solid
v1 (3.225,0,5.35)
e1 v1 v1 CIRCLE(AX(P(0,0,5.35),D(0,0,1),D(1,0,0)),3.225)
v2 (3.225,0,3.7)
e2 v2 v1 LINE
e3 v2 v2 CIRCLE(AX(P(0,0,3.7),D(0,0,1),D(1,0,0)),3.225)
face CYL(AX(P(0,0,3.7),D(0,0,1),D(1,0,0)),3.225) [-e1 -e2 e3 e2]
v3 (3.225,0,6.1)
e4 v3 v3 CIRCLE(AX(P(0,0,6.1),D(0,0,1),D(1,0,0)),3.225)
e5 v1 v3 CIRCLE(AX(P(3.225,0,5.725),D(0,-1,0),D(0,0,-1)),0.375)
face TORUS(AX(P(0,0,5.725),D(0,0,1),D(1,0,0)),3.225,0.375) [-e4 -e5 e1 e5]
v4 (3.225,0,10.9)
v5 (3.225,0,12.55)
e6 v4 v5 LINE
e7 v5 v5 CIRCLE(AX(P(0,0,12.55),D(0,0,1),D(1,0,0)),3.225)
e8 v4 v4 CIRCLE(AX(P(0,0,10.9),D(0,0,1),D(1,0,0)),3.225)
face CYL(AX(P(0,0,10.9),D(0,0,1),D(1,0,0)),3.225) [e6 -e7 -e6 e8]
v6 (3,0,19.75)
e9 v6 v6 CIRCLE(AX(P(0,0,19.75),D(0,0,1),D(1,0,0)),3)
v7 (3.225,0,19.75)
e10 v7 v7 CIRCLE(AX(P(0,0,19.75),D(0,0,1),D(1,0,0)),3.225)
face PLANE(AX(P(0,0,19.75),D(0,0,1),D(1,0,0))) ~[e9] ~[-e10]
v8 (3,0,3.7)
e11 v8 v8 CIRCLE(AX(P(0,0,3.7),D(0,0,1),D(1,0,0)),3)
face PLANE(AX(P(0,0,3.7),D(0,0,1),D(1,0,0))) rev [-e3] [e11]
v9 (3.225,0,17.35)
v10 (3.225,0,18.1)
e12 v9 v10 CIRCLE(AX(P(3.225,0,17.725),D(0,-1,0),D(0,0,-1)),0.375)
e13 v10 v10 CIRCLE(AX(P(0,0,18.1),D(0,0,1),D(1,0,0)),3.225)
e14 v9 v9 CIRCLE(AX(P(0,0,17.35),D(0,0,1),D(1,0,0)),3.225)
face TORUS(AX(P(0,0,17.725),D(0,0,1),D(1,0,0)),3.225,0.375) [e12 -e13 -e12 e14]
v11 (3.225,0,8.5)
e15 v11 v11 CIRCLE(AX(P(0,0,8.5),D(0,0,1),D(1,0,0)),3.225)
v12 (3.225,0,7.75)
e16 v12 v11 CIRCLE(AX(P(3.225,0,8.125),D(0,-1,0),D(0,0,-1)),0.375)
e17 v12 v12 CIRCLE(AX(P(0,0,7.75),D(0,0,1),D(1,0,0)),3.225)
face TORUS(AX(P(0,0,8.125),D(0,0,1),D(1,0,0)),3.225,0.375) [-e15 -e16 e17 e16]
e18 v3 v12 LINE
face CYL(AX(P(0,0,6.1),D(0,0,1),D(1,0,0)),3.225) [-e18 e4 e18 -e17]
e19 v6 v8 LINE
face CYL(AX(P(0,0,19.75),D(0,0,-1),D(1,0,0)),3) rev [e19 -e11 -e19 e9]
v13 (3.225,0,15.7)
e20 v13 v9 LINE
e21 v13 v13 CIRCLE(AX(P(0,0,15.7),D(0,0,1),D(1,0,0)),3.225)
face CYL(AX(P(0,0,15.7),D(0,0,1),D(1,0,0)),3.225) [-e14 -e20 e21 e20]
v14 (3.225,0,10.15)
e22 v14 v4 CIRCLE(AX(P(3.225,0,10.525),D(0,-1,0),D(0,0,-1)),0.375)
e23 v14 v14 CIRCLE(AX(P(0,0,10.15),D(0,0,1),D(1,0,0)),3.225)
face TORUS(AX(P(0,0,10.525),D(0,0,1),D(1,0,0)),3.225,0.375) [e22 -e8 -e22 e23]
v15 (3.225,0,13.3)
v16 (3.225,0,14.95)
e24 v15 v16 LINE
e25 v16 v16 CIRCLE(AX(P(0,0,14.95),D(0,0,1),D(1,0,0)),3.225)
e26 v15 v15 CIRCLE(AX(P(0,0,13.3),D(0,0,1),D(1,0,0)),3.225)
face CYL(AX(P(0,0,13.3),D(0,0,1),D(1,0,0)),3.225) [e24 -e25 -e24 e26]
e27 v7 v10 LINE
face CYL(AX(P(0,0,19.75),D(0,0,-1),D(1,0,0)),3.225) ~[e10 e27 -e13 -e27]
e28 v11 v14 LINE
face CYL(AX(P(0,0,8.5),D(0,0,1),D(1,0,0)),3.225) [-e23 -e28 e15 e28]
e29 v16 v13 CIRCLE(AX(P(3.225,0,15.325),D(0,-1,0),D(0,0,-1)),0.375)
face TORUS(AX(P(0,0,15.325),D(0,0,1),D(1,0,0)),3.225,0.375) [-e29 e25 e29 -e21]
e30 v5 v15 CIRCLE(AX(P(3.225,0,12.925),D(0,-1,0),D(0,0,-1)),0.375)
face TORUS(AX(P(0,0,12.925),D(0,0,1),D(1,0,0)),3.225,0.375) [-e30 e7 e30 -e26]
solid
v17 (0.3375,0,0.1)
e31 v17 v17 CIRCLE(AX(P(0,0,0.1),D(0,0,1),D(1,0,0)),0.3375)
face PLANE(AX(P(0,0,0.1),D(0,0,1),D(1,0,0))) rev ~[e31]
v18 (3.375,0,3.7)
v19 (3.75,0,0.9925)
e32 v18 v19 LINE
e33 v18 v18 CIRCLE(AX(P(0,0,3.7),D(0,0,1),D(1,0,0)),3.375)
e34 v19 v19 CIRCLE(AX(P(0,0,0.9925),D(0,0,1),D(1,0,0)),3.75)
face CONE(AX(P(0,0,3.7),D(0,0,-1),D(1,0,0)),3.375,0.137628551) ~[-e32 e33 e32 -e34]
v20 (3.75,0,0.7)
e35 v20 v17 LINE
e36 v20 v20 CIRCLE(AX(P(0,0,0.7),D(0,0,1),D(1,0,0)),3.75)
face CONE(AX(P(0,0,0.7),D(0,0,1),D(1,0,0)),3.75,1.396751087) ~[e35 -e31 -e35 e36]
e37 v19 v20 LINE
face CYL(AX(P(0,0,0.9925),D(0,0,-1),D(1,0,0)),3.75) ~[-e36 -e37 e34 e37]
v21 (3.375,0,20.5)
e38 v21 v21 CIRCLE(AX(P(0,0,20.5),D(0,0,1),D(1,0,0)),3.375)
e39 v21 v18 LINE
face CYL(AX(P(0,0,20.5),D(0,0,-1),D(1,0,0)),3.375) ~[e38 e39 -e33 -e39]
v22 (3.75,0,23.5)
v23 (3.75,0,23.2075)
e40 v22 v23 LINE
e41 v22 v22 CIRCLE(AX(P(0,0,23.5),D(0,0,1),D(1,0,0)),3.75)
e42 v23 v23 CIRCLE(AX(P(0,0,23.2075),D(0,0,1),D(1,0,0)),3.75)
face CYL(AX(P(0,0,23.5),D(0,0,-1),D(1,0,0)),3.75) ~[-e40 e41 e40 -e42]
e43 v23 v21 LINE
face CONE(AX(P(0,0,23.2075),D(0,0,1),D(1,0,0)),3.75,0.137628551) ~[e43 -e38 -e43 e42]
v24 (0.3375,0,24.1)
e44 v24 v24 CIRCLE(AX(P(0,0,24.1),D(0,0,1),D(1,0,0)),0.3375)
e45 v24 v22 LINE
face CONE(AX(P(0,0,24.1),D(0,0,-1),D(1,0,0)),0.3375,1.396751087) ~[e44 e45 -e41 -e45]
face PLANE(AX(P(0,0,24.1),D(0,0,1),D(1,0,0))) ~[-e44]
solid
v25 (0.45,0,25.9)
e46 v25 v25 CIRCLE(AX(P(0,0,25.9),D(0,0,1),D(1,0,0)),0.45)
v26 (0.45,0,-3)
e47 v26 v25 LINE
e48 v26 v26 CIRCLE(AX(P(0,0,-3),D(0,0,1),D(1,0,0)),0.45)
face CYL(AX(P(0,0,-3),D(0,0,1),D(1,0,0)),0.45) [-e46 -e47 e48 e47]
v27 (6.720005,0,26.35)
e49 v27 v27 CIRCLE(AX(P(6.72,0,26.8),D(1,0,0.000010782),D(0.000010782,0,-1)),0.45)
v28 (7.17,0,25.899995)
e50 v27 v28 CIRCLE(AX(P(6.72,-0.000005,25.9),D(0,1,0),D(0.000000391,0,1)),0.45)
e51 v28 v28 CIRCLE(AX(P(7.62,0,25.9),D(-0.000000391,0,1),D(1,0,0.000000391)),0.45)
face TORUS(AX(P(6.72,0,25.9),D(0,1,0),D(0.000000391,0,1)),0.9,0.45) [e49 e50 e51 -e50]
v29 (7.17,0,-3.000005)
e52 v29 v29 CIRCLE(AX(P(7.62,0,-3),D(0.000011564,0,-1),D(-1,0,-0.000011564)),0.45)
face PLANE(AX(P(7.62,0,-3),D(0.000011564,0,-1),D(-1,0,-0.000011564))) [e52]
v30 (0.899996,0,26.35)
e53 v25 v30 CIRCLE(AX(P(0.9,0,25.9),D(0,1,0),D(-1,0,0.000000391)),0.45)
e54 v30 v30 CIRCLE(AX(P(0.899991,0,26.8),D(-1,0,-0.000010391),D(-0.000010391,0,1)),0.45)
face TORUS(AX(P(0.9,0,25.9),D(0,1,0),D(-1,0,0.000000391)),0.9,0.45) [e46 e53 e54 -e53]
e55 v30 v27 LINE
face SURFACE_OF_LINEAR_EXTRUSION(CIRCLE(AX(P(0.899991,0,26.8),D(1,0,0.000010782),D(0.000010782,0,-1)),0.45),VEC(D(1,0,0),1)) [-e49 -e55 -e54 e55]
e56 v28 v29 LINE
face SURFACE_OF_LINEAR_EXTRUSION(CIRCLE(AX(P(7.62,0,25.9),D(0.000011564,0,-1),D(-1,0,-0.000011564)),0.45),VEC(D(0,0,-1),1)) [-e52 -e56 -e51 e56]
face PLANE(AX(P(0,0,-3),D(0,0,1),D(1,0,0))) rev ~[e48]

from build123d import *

# Parameters (mm, degrees)
SKETCH_R = 0.45


with BuildPart() as sweep_body:
    # Sweep: sweep along a path in Sketch001
    with BuildLine(Plane.XZ) as sweep_path:
        Line((0, -3), (0, 25.9))
        ThreePointArc((0, 25.9), (0.263601, 26.536393), (0.899991, 26.8))
        Line((0.899991, 26.8), (6.72, 26.8))
        ThreePointArc((6.72, 26.8), (7.356396, 26.536396), (7.62, 25.9))
        Line((7.62, 25.9), (7.62, -3))
    # Sketch → Sweep (sweep)
    with BuildSketch(Plane.XY.offset(-2)):
        Circle(SKETCH_R)
    sweep(path=sweep_path.line)


with BuildPart() as revolution:
    # Sketch002 → Revolution (revolve)
    with BuildSketch(Plane.XZ):
        Polygon((0, 0.1), (0, 24.1), (0.3375, 24.1), (3.75, 23.5), (3.75, 23.2075), (3.375, 20.5), (3.375, 3.7), (3.75, 0.9925), (3.75, 0.7), (0.3375, 0.1), align=None)
    revolve(axis=Axis((0, 0, 0), (0, 0, 1)))


with BuildPart() as revolution001:
    # Sketch003 → Revolution001 (revolve)
    with BuildSketch(Plane.XZ):
        with BuildLine():
            Line((3, 19.75), (3, 3.7))
            Line((3, 3.7), (3.225, 3.7))
            Line((3.225, 3.7), (3.225, 5.35))
            ThreePointArc((3.225, 5.35), (3.6, 5.725), (3.225, 6.1))
            Line((3.225, 6.1), (3.225, 7.75))
            ThreePointArc((3.225, 7.75), (3.6, 8.125), (3.225, 8.5))
            Line((3.225, 8.5), (3.225, 10.15))
            ThreePointArc((3.225, 10.15), (3.6, 10.525), (3.225, 10.9))
            Line((3.225, 10.9), (3.225, 12.55))
            ThreePointArc((3.225, 12.55), (3.6, 12.925), (3.225, 13.3))
            Line((3.225, 13.3), (3.225, 14.95))
            ThreePointArc((3.225, 14.95), (3.6, 15.325), (3.225, 15.7))
            Line((3.225, 15.7), (3.225, 17.35))
            ThreePointArc((3.225, 17.35), (3.6, 17.725), (3.225, 18.1))
            Line((3.225, 19.75), (3.225, 18.1))
            Line((3, 19.75), (3.225, 19.75))
        make_face()
    revolve(axis=Axis((0, 0, 0), (0, 0, 1)))


solid = Compound([sweep_body.part, revolution.part, revolution001.part])
